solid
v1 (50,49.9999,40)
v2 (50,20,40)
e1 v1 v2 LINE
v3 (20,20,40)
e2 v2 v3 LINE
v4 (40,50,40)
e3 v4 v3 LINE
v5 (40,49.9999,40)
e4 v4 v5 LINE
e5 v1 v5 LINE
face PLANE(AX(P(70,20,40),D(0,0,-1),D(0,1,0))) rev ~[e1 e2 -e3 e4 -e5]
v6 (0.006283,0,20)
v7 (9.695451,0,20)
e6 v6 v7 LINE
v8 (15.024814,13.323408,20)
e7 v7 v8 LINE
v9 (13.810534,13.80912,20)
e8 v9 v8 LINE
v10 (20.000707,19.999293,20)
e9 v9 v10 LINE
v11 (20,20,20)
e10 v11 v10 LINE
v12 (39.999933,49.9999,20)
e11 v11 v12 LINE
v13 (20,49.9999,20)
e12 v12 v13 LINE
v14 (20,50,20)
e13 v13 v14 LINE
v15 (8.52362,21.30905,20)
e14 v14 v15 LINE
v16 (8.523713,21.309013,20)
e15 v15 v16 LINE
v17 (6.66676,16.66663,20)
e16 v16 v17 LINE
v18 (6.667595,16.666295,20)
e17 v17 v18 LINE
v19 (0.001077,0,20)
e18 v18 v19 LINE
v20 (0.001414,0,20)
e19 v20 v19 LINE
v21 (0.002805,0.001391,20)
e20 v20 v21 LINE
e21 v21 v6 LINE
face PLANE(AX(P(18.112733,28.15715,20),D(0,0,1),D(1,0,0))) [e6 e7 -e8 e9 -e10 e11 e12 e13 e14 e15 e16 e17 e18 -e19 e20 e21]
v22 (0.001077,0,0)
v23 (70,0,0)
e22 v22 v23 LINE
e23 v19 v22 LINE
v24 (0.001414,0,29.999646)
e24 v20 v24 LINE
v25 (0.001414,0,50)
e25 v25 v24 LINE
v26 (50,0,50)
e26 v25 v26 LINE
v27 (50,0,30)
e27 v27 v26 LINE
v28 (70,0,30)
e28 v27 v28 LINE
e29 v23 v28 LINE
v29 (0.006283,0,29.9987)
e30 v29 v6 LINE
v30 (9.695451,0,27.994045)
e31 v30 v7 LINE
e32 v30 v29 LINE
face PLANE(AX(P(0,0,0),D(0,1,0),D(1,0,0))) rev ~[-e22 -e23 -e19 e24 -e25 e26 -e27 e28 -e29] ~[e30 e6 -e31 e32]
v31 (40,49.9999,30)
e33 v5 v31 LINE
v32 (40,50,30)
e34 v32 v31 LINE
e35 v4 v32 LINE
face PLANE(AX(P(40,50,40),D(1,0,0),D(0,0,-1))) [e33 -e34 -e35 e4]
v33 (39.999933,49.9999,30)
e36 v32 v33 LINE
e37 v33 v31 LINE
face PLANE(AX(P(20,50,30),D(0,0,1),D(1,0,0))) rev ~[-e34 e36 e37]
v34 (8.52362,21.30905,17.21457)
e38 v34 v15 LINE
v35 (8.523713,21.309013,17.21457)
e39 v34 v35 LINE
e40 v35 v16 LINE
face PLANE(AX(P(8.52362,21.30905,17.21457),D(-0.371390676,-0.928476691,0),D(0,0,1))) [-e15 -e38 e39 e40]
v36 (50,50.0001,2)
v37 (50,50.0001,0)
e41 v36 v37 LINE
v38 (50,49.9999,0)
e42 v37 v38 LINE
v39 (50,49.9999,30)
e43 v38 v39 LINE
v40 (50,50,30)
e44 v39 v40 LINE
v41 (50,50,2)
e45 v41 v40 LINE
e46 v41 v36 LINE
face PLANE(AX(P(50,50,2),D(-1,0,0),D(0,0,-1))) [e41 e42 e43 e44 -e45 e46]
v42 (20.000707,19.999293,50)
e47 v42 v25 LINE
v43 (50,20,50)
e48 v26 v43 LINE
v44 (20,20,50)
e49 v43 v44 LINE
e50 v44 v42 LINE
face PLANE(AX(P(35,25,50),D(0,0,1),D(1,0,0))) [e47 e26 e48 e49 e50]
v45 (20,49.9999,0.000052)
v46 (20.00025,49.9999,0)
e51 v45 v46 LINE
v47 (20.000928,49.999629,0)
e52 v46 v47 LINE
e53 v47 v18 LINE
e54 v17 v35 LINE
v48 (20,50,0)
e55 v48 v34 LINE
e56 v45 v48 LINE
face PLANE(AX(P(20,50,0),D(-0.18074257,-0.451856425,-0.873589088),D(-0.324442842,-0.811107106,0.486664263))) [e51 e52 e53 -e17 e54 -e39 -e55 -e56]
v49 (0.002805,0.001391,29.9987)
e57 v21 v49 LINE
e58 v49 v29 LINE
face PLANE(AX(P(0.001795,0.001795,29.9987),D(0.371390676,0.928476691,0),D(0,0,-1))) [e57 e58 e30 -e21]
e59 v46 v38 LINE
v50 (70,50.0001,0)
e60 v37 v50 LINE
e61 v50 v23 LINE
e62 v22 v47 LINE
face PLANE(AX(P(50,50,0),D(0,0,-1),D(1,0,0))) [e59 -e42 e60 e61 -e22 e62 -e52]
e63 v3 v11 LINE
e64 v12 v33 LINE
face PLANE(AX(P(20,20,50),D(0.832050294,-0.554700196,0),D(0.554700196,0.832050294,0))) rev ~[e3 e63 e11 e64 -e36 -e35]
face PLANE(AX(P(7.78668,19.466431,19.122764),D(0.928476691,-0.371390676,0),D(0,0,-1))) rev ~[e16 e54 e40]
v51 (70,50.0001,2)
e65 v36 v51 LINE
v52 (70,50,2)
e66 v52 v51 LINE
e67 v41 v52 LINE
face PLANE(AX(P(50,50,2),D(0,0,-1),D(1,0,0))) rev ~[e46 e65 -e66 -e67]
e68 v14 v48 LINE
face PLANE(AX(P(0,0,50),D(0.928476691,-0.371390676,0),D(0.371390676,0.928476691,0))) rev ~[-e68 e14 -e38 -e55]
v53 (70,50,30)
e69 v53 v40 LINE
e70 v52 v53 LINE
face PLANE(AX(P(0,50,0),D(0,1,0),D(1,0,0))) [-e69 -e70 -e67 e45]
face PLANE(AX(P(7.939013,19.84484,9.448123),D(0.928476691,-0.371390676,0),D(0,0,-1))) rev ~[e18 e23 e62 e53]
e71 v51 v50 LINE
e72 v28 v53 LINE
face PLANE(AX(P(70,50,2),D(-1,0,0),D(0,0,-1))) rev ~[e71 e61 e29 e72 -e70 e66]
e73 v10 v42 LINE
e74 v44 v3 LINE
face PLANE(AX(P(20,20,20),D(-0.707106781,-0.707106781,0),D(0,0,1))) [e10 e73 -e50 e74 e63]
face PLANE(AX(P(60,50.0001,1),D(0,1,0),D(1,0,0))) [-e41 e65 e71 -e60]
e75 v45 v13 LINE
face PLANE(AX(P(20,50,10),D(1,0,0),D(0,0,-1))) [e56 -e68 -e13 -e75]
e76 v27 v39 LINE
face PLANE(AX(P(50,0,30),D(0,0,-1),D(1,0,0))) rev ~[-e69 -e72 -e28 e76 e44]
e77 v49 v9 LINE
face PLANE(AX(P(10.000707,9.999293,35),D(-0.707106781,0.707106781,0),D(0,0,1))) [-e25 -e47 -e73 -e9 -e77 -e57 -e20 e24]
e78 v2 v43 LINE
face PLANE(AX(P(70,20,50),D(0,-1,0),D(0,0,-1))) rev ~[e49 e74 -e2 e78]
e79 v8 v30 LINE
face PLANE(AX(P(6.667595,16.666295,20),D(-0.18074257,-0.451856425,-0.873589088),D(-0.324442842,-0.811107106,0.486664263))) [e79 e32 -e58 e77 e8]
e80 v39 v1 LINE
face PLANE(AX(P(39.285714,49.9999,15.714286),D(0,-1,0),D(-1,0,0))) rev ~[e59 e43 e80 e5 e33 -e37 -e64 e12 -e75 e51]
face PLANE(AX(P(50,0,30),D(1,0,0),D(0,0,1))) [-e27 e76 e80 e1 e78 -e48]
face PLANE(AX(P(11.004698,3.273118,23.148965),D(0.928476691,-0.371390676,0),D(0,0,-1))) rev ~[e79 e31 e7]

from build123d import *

# Parameters (mm, degrees)
SKETCH1_W            = 70
SKETCH1_H            = 50
BOSS_EXTRUDE1_DEPTH  = 50
CUT_EXTRUDE1_DEPTH   = 50
SKETCH3_W            = 10
SKETCH3_H            = 30
CUT_EXTRUDE2_DEPTH   = 121
SKETCH4_W            = 20
SKETCH4_H            = 20
CUT_EXTRUDE3_DEPTH   = 121
CUT_EXTRUDE8_DEPTH   = 30
CUT_EXTRUDE9_DEPTH   = 0.0001
SKETCH11_W           = 20
SKETCH11_H           = 2
BOSS_EXTRUDE8_DEPTH  = 0.0001
SKETCH12_W           = 20
SKETCH12_H           = 20
CUT_EXTRUDE10_DEPTH  = 0.0001
CUT_EXTRUDE11_DEPTH  = 0.001
CUT_EXTRUDE12_DEPTH  = 0.001
CUT_EXTRUDE13_DEPTH  = 9.001
BOSS_EXTRUDE14_DEPTH = 0.0002
SKETCH18_W           = 30
SKETCH18_H           = 28.284271247
CUT_EXTRUDE17_DEPTH  = 23.0002
CUT_EXTRUDE18_DEPTH  = 0.0001


with BuildPart() as part:
    # Sketch1 → Boss-Extrude1 (new body)
    with BuildSketch(Plane.XY):
        with Locations((35, 25)):
            Rectangle(SKETCH1_W, SKETCH1_H)
    extrude(amount=BOSS_EXTRUDE1_DEPTH)

    # Sketch2 → Cut-Extrude1 (cut)
    with BuildSketch(Plane.XY.offset(50)):
        Polygon((0, 0), (20, 50), (0, 50), align=None)
    extrude(amount=-CUT_EXTRUDE1_DEPTH, mode=Mode.SUBTRACT)

    # Sketch3 → Cut-Extrude2 (cut)
    with BuildSketch(Plane(origin=(70, 0, 0), x_dir=(0, 0, -1), z_dir=(1, 0, 0))):
        with Locations((-45, 35)):
            Rectangle(SKETCH3_W, SKETCH3_H)
    extrude(amount=-CUT_EXTRUDE2_DEPTH, mode=Mode.SUBTRACT)

    # Sketch4 → Cut-Extrude3 (cut)
    with BuildSketch(Plane.XZ):
        with Locations((60, 40)):
            Rectangle(SKETCH4_W, SKETCH4_H)
    extrude(amount=-CUT_EXTRUDE3_DEPTH, mode=Mode.SUBTRACT)

    # Sketch5 → Cut-Extrude8 (cut)
    with BuildSketch(Plane.XY.offset(50)):
        Polygon((0, 0), (20, 20), (40, 50), (20, 50), align=None)
    extrude(amount=-CUT_EXTRUDE8_DEPTH, mode=Mode.SUBTRACT)

    # Sketch10 → Cut-Extrude9 (cut)
    with BuildSketch(Plane(origin=(0, 50, 0), x_dir=(1, 0, 0), z_dir=(0, 1, 0))):
        Polygon((20, 0), (50, 0), (50, -40), (40, -40), (40, -10), (20, -10), align=None)
    extrude(amount=-CUT_EXTRUDE9_DEPTH, mode=Mode.SUBTRACT)

    # Sketch11 → Boss-Extrude8 (add)
    with BuildSketch(Plane(origin=(0, 50, 0), x_dir=(1, 0, 0), z_dir=(0, 1, 0))):
        with Locations((60, -1)):
            Rectangle(SKETCH11_W, SKETCH11_H)
    extrude(amount=BOSS_EXTRUDE8_DEPTH)

    # Sketch12 → Cut-Extrude10 (cut)
    with BuildSketch(Plane(origin=(0, 50, 0), x_dir=(1, 0, 0), z_dir=(0, 1, 0))):
        with Locations((30, -20)):
            Rectangle(SKETCH12_W, SKETCH12_H)
    extrude(amount=-CUT_EXTRUDE10_DEPTH, mode=Mode.SUBTRACT)

    # Sketch14 → Cut-Extrude11 (cut)
    with BuildSketch(Plane(origin=(0, 0, 0), x_dir=(0, 0, 1), z_dir=(-0.707106781, 0.707106781, 0))):
        Polygon((20, 28.284271247), (50, 28.284271247), (50, 0), (30, 0), align=None)
    extrude(amount=-CUT_EXTRUDE11_DEPTH, mode=Mode.SUBTRACT)

    # Sketch15 → Cut-Extrude12 (cut)
    with BuildSketch(Plane(origin=(0, 0, 0), x_dir=(0, 0, 1), z_dir=(-0.928476691, 0.371390676, 0))):
        Polygon((0, 53.851648071), (30, 0), (0, 0), align=None)
    extrude(amount=-CUT_EXTRUDE12_DEPTH, mode=Mode.SUBTRACT)

    # Sketch16 → Cut-Extrude13 (cut)
    with BuildSketch(Plane(origin=(0.000928477, -0.000371391, 0), x_dir=(0, 0, 1), z_dir=(-0.928476691, 0.371390676, 0))):
        Polygon((20, 17.950549357), (29.998700133, 0.002333333), (20, 0.002333333), align=None)
    extrude(amount=-CUT_EXTRUDE13_DEPTH, mode=Mode.SUBTRACT)

    # Sketch17 → Boss-Extrude14 (add)
    with BuildSketch(Plane(origin=(0, 0, 0), x_dir=(0, 0, 1), z_dir=(-0.707106781, 0.707106781, 0))):
        Polygon((20, 28.284271247), (20, 19.529615861), (30, 0), align=None)
    extrude(amount=BOSS_EXTRUDE14_DEPTH)

    # Sketch18 → Cut-Extrude17 (cut)
    with BuildSketch(Plane(origin=(0.000707107, -0.000707107, 0), x_dir=(0, 0, 1), z_dir=(-0.707106781, 0.707106781, 0))):
        with Locations((35, 14.142135624)):
            Rectangle(SKETCH18_W, SKETCH18_H)
    extrude(amount=CUT_EXTRUDE17_DEPTH, mode=Mode.SUBTRACT)

    # Sketch19 → Cut-Extrude18 (cut)
    with BuildSketch(Plane(origin=(0, 0, 0), x_dir=(0, 0, 1), z_dir=(-0.928476691, 0.371390676, 0))):
        Polygon((17.214569927, 22.950549357), (20, 22.950549357), (20, 17.950549357), align=None)
    extrude(amount=-CUT_EXTRUDE18_DEPTH, mode=Mode.SUBTRACT)


solid = part.part
